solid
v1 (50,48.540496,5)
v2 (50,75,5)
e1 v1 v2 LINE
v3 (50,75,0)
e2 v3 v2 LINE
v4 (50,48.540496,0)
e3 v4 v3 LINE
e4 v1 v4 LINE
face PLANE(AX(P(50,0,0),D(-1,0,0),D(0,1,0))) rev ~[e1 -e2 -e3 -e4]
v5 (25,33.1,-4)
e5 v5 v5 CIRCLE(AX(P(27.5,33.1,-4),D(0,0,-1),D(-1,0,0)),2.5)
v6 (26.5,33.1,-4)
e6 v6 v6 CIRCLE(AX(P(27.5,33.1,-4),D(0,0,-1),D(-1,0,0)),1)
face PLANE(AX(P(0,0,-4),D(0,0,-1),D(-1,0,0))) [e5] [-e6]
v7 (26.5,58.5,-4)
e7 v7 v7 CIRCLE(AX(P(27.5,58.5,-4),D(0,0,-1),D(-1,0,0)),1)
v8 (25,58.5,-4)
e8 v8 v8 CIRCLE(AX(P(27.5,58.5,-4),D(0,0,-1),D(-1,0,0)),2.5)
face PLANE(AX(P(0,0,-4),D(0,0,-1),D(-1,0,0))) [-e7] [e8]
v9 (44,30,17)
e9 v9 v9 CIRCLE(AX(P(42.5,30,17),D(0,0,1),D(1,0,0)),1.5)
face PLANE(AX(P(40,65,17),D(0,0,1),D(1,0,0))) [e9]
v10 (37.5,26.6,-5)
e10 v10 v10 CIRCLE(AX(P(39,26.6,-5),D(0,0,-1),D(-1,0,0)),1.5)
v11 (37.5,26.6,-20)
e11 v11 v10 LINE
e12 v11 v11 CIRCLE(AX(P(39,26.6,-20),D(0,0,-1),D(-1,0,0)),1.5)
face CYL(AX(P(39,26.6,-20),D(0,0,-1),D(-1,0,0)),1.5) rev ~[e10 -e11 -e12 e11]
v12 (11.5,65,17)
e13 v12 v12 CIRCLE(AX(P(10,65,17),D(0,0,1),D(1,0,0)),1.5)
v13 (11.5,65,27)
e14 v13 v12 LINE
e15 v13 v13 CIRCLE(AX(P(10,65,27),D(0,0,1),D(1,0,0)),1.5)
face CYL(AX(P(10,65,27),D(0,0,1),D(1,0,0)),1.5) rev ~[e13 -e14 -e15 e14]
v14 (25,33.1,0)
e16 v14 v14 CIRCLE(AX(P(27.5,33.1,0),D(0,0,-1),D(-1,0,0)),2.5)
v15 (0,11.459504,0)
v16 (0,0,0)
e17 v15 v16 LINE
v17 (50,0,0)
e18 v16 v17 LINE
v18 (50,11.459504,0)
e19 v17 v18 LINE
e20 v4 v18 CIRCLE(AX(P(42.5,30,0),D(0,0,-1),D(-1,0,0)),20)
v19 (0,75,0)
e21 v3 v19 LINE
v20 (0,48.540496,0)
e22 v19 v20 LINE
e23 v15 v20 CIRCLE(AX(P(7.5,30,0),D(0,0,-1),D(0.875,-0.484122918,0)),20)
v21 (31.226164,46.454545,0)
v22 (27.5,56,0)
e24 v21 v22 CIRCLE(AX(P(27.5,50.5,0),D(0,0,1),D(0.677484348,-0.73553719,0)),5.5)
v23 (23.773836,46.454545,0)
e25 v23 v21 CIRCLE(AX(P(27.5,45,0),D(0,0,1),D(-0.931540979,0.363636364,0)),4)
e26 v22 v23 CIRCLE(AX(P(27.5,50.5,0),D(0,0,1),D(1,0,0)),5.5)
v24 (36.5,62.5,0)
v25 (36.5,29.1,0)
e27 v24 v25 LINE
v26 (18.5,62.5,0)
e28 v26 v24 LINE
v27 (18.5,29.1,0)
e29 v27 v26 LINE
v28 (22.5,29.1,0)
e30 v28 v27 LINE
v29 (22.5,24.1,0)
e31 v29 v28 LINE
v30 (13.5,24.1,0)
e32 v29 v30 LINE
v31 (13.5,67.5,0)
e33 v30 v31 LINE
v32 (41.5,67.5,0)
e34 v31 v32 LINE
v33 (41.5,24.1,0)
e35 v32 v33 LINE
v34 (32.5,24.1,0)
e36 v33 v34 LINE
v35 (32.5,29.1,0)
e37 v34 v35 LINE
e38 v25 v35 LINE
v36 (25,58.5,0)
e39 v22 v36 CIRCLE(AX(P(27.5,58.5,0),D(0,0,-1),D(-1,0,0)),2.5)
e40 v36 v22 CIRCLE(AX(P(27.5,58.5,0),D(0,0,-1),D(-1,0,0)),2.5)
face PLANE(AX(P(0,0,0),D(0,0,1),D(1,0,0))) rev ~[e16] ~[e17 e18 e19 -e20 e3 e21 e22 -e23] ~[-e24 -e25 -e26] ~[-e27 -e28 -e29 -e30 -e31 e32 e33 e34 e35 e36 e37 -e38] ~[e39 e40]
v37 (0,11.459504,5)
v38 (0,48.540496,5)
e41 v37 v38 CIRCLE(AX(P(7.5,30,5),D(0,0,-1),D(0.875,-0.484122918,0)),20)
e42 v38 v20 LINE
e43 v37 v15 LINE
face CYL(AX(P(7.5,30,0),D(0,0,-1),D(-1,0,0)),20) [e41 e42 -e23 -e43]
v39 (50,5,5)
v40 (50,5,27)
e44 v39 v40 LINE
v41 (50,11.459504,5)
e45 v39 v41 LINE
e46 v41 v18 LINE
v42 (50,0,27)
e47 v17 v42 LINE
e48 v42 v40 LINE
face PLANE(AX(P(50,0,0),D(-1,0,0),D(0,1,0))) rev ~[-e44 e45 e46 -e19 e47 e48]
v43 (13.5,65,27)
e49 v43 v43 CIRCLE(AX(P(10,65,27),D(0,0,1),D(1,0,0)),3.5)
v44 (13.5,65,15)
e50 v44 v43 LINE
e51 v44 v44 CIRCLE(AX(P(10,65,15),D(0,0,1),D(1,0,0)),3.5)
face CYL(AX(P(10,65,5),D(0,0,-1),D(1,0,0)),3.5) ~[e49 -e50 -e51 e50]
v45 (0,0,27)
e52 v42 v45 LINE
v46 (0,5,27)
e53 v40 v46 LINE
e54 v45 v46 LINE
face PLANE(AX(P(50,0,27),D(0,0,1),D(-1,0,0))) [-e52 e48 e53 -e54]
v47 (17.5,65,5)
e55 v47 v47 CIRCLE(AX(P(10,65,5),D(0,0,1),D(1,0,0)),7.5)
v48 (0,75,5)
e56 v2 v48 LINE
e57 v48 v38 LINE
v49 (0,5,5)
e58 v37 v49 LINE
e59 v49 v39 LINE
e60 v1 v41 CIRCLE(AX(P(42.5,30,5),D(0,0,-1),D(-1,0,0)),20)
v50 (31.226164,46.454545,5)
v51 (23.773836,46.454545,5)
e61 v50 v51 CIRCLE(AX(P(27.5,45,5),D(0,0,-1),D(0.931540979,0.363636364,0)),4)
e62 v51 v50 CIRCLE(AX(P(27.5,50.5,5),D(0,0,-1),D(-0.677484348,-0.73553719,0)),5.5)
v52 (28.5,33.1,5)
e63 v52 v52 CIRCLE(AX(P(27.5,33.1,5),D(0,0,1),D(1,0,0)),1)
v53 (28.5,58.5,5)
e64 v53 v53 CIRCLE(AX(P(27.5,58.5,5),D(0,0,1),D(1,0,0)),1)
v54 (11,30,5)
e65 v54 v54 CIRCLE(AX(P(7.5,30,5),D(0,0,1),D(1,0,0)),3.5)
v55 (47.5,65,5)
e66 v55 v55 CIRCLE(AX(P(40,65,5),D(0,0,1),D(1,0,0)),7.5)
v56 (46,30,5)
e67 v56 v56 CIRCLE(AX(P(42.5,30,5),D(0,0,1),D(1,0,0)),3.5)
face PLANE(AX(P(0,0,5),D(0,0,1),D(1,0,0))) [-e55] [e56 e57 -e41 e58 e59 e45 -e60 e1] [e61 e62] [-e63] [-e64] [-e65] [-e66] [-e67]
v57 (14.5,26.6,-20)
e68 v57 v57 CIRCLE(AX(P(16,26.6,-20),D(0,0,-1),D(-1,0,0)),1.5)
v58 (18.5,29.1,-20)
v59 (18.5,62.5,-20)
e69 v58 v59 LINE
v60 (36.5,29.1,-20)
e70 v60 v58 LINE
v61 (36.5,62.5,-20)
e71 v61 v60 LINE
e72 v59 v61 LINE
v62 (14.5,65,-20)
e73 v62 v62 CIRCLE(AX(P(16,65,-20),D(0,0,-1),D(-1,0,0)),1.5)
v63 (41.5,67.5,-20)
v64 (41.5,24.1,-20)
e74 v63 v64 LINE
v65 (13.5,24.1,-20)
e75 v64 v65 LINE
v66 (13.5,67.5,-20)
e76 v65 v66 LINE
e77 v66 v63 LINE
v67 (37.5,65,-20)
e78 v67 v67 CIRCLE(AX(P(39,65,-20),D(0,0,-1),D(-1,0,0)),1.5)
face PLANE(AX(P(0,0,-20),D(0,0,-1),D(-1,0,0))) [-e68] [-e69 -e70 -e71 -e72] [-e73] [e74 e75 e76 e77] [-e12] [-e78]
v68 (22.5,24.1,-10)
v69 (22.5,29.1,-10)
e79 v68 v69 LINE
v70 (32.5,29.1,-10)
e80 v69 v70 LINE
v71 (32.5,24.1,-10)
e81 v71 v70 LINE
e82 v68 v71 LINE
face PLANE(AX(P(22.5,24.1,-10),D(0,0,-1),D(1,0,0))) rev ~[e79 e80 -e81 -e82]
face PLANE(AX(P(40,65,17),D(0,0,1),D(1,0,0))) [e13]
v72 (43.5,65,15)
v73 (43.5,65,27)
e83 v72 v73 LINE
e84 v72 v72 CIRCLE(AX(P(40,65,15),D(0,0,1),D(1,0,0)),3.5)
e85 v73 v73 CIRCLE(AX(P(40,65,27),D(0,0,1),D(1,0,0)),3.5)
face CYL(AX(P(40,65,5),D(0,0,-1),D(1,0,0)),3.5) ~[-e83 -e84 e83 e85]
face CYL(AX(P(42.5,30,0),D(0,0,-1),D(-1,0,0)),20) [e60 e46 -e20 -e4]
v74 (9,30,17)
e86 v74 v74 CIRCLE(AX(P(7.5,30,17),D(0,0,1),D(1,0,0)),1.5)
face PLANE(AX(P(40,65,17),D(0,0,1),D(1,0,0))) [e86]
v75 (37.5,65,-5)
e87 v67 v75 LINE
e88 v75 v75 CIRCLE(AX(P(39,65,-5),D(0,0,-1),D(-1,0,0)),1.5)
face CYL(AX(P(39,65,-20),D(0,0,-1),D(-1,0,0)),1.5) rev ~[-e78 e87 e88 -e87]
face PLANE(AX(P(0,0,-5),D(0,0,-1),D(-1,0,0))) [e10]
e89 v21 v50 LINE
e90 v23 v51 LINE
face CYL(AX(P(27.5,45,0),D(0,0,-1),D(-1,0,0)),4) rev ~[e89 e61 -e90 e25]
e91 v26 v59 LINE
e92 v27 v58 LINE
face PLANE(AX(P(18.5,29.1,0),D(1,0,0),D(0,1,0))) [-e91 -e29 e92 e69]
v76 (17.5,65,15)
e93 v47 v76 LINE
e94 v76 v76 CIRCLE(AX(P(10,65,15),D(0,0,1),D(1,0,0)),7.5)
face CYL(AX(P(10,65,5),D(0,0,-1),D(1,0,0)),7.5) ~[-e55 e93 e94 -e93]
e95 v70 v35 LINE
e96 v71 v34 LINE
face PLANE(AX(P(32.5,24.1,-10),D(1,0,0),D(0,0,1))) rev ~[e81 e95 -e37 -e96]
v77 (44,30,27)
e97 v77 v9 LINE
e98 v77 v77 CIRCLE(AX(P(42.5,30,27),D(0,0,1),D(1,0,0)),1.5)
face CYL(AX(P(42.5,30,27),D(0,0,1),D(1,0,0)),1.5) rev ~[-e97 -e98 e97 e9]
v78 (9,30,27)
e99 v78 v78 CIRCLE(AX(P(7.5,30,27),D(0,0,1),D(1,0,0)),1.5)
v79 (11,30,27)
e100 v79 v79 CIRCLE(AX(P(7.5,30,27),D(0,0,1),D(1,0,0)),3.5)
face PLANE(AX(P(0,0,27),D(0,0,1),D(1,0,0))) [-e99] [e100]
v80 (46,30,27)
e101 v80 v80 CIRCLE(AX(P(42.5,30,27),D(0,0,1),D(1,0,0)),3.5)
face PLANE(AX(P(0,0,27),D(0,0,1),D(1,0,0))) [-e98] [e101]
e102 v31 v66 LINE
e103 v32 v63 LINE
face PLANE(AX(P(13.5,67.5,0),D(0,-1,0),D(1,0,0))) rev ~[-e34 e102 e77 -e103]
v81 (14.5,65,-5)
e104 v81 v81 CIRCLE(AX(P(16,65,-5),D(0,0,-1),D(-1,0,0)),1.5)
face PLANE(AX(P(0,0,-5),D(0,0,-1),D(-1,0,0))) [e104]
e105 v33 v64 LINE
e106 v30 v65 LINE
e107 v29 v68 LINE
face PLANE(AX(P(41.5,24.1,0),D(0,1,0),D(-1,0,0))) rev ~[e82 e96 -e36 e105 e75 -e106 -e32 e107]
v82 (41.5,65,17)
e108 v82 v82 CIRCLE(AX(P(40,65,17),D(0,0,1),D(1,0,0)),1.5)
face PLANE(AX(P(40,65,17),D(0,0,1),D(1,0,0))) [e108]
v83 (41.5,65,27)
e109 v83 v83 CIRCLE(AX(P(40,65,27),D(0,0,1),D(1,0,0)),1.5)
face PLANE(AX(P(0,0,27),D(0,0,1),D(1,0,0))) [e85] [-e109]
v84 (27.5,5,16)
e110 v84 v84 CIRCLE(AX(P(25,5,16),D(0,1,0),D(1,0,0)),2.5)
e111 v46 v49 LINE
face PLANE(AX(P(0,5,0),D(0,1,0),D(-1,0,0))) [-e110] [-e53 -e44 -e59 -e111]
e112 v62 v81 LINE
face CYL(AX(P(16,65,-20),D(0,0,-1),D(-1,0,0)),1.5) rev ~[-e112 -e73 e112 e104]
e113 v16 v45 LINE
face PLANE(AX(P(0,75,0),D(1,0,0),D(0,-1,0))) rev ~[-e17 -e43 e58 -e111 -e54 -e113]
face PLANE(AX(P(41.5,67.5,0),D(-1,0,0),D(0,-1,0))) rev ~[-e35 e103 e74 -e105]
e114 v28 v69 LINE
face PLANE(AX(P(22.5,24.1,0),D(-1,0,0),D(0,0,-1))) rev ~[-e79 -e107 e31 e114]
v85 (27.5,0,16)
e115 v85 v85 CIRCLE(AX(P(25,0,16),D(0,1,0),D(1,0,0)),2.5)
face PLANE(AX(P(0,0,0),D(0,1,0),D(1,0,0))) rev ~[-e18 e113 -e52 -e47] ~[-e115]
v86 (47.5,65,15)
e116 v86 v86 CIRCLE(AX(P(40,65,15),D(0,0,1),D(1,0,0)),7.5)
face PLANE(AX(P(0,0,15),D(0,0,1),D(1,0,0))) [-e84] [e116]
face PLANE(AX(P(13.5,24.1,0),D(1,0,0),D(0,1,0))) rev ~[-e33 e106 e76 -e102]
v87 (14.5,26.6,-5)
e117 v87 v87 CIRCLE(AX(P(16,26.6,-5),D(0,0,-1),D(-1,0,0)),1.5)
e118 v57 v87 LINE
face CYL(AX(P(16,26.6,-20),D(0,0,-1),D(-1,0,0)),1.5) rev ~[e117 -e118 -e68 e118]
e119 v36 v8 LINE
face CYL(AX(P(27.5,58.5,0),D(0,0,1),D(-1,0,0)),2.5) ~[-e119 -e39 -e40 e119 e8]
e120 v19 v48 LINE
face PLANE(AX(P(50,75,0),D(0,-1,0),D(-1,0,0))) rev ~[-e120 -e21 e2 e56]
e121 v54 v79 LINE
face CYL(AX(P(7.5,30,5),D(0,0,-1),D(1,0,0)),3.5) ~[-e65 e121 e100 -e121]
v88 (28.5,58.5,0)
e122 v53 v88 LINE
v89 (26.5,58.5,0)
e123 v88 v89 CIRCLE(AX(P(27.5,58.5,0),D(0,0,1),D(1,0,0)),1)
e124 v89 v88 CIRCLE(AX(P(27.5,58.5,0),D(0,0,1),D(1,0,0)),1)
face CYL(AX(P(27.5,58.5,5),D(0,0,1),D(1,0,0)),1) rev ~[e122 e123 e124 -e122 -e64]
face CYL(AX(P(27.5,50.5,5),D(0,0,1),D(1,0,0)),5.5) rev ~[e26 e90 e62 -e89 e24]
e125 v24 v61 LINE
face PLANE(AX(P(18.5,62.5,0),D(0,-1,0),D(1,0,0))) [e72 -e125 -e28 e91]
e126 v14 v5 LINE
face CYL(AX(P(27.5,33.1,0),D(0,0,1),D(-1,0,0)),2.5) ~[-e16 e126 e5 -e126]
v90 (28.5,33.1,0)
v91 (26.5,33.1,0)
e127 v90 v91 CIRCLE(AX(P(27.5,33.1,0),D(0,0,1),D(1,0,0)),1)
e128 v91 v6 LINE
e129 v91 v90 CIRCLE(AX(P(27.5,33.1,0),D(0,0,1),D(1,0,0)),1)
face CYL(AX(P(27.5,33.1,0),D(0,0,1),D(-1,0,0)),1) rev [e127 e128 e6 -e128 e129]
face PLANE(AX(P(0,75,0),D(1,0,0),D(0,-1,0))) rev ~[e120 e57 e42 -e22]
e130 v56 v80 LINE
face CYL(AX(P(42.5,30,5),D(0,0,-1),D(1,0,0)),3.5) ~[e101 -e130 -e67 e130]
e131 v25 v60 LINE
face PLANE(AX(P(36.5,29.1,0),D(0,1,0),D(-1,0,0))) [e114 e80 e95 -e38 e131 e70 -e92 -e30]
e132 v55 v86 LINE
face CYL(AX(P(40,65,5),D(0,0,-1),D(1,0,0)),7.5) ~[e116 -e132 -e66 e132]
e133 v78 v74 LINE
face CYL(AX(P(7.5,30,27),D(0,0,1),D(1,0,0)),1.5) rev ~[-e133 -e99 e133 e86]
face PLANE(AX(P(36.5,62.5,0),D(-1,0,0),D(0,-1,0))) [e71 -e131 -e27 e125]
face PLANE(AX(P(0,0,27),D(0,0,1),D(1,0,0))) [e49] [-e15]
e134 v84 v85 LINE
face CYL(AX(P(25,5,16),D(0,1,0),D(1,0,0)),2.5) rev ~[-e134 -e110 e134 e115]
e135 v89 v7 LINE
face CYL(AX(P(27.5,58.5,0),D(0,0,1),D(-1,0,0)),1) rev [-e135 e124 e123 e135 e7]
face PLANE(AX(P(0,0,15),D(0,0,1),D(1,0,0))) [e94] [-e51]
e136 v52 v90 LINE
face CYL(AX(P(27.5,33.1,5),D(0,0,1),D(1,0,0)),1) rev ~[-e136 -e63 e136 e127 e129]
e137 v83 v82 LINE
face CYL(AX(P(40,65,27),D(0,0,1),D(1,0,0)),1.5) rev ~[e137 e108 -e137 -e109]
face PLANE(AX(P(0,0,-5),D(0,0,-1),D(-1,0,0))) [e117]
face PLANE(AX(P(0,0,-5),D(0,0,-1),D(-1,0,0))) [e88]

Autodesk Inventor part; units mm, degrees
ref_plane "YZ Plane" through (0, 0, 0) normal (1, 0, 0) x (0, 1, 0)
ref_plane "XZ Plane" through (0, 0, 0) normal (0, 1, 0) x (-1, 0, 0)
ref_plane "XY Plane" through (0, 0, 0) normal (0, 0, 1) x (1, 0, 0)
sketch "Sketch1" plane through (0, 0, 0) normal (0, 0, 1) x (1, 0, 0)
  line L0 (0, 0) -> (50, 0)
  line L1 (50, 0) -> (50, 75)
  line L2 (50, 75) -> (0, 75)
  line L3 (0, 75) -> (0, 0)
  dimension "d0" = 50
  dimension "d1" = 75
extrude "Extrusion1" add sketch "Sketch1" along normal blind 5
sketch "Sketch2" plane through (0, 0, 0) normal (0, 1, 0) x (-1, 0, 0)
  line L0 (0, 5) -> (-50, 5) projected
  line L1 (0, 5) -> (-50, 5)
  line L2 (-50, 5) -> (-50, 27)
  line L3 (-50, 27) -> (0, 27)
  line L4 (0, 27) -> (0, 5)
  point P0 (0, 0)
  dimension "d4" = 22
extrude "Extrusion2" add sketch "Sketch2" along normal blind 5
sketch "Sketch3" plane through (0, 0, 5) normal (0, 0, 1) x (1, 0, 0)
  circle A0 centre (42.5, 30) radius 3.5
  circle A1 centre (40, 65) radius 3.5
  circle A2 centre (10, 65) radius 3.5
  circle A3 centre (7.5, 30) radius 3.5
  line L0 (42.5, 30) -> (7.5, 30) construction
  line L1 (50, 75) -> (0, 75) construction
  line L2 (25, 75) -> (25, 30) construction
  line L3 (10, 65) -> (40, 65) construction
  point P0 (0, 0)
  point P1 (25, 65)
  dimension "d7" = 7
  dimension "d8" = 7
  dimension "d9" = 7
  dimension "d10" = 7
  dimension "d12" = 30
  dimension "d14" = 10
  dimension "d30" = 35
  dimension "d32" = 35
extrude "Extrusion3" add sketch "Sketch3" along normal blind 22
sketch "Sketch4" plane through (40, 65, 27) normal (0, 0, 1) x (1, 0, 0)
  circle A0 centre (-30, 0) radius 3.5 projected
  circle A1 centre (0, 0) radius 3.5 projected
  circle A2 centre (2.5, -35) radius 3.5 projected
  circle A3 centre (-32.5, -35) radius 3.5 projected
  circle A4 centre (-30, 0) radius 1.5
  circle A5 centre (0, 0) radius 1.5
  circle A6 centre (2.5, -35) radius 1.5
  circle A7 centre (-32.5, -35) radius 1.5
  point P0 (-40, -65)
  dimension "d17" = 3
  dimension "d18" = 3
  dimension "d19" = 3
  dimension "d20" = 3
extrude "Extrusion4" cut sketch "Sketch4" against normal blind 10 contours A4 | A5 | A6 | A7
sketch "Sketch5" plane through (0, 5, 0) normal (0, 1, 0) x (1, 0, 0)
  circle A0 centre (25, -16) radius 2.5
  line L0 (0, -5) -> (50, -5) projected
  line L1 (0, -5) -> (0, -27) projected
  line L2 (0, -27) -> (50, -27) projected
  line L3 (50, -27) -> (50, -5) projected
  point P0 (0, 0)
  point P1 (0, -16)
  point P2 (25, -27)
  dimension "d23" = 5
extrude "Extrusion5" cut sketch "Sketch5" against normal through all contours A0
sketch "Sketch6" plane through (0, 0, 5) normal (0, 0, 1) x (1, 0, 0)
  circle A0 centre (10, 65) radius 3.5 projected
  circle A1 centre (40, 65) radius 3.5 projected
  circle A2 centre (10, 65) radius 1.5 projected
  circle A3 centre (10, 65) radius 7.5
  circle A4 centre (40, 65) radius 7.5
  point P0 (0, 0)
  dimension "d26" = 15
  dimension "d27" = 15
extrude "Extrusion6" add sketch "Sketch6" along normal blind 10 contours A3 | A4
sketch "Sketch8" plane through (0, 0, 0) normal (0, 0, -1) x (-1, 0, 0)
  circle A0 centre (-42.5, 30) radius 1.5 projected
  circle A1 centre (-42.5, 30) radius 20
  circle A2 centre (-7.5, 30) radius 3.5 projected
  circle A3 centre (-7.5, 30) radius 20
  point P0 (0, 0)
  dimension "d33" = 40
  dimension "d34" = 40
extrude "Extrusion7" add sketch "Sketch8" against normal blind 5 contours A1 A3 | A1 A3 | A3 A1 | A2
sketch "Sketch9" plane through (0, 0, 5) normal (0, 0, 1) x (1, 0, 0)
  circle A0 centre (27.5, 50.5) radius 5.5
  line L0 (50, 75) -> (0, 75) projected
  line L1 (50, 75) -> (0, 75) construction
  line L2 (25, 75) -> (25, 35.564) construction
  point P0 (0, 0)
  dimension "d37" = 11
  dimension "d38" = 24.5
  dimension "d39" = 2.5
extrude "Extrusion8" cut sketch "Sketch9" against normal through all
sketch "Sketch10" plane through (0, 0, 5) normal (0, 0, 1) x (1, 0, 0)
  circle A0 centre (27.5, 58.5) radius 1
  circle A1 centre (27.5, 33.1) radius 1
  line L0 (27.5, 58.5) -> (27.5, 33.1) construction
  circle A2 centre (27.5, 50.5) radius 5.5 projected
  point P0 (0, 0)
  dimension "d42" = 2
  dimension "d43" = 2
  dimension "d44" = 25.4
  dimension "d45" = 8
extrude "Extrusion9" cut sketch "Sketch10" against normal through all contours A0 | A1
sketch "Sketch11" plane through (0, 0, 0) normal (0, 0, -1) x (-1, 0, 0)
  circle A0 centre (-27.5, 58.5) radius 1 projected
  circle A1 centre (-27.5, 33.1) radius 1 projected
  circle A2 centre (-27.5, 58.5) radius 2.5
  circle A3 centre (-27.5, 33.1) radius 2.5
  point P0 (0, 0)
  dimension "d48" = 1.5
  dimension "d49" = 1.5
extrude "Extrusion10" add sketch "Sketch11" along normal blind 4
sketch "Sketch12" plane through (0, 0, 0) normal (0, 0, -1) x (-1, 0, 0)
  line L0 (-36.5, 29.1) -> (-18.5, 29.1)
  line L1 (-18.5, 29.1) -> (-18.5, 62.5)
  line L2 (-18.5, 62.5) -> (-36.5, 62.5)
  line L3 (-36.5, 62.5) -> (-36.5, 29.1)
  circle A0 centre (-27.5, 50.5) radius 5.5 projected
  line L4 (-50, 75) -> (0, 75) projected
  line L5 (-41.5, 24.1) -> (-13.5, 24.1)
  line L6 (-13.5, 24.1) -> (-13.5, 67.5)
  line L7 (-13.5, 67.5) -> (-41.5, 67.5)
  line L8 (-41.5, 67.5) -> (-41.5, 24.1)
  circle A1 centre (-27.5, 58.5) radius 1 projected
  circle A2 centre (-27.5, 33.1) radius 1 projected
  point P0 (0, 0)
  point P1 (-26.1358, 55.8281)
  point P2 (-28.8642, 55.8281)
  point P3 (-27.5, 62.5)
  dimension "d52" = 18
  dimension "d55" = 5
  dimension "d58" = 4
  dimension "d59" = 4
extrude "Extrusion11" add sketch "Sketch12" along normal blind 20 contours L8 L7 L6 L5
sketch "Sketch13" plane through (0, 0, -20) normal (0, 0, -1) x (-1, 0, 0)
  line L0 (-36.5, 29.1) -> (-36.5, 62.5) construction
  line L1 (-36.5, 62.5) -> (-18.5, 62.5) construction
  line L2 (-18.5, 62.5) -> (-18.5, 29.1) construction
  line L3 (-18.5, 29.1) -> (-36.5, 29.1) construction
  line L4 (-41.5, 24.1) -> (-13.5, 24.1) construction
  line L5 (-13.5, 24.1) -> (-13.5, 67.5) construction
  line L6 (-13.5, 67.5) -> (-41.5, 67.5) construction
  line L7 (-41.5, 67.5) -> (-41.5, 24.1) construction
  line L8 (-39, 65) -> (-16, 65) construction
  line L9 (-16, 65) -> (-16, 26.6) construction
  line L10 (-16, 26.6) -> (-39, 26.6) construction
  line L11 (-39, 26.6) -> (-39, 65) construction
  circle A0 centre (-39, 65) radius 1.5
  circle A1 centre (-16, 65) radius 1.5
  circle A2 centre (-16, 26.6) radius 1.5
  circle A3 centre (-39, 26.6) radius 1.5
  point P0 (0, 0)
  dimension "d60" = 2.5
  dimension "d61" = 3
  dimension "d62" = 3
  dimension "d63" = 3
  dimension "d64" = 3
extrude "Extrusion12" cut sketch "Sketch13" against normal blind 15
sketch "Sketch14" plane through (13.5, 24.1, 0) normal (0, -1, 0) x (1, 0, 0)
  line L0 (28, 0) -> (0, 0) projected
  line L1 (19, 0) -> (9, 0)
  line L2 (9, 0) -> (9, -10)
  line L3 (9, -10) -> (19, -10)
  line L4 (19, -10) -> (19, 0)
  line L5 (0, 0) -> (28, 0) projected
  point P0 (-13.5, 0)
  point P1 (14, 0)
  dimension "d67" = 10
  dimension "d68" = 10
extrude "Extrusion13" cut sketch "Sketch14" against normal blind 5
sketch "Sketch15" plane through (0, 0, 0) normal (0, 0, -1) x (-1, 0, 0)
  circle A0 centre (-27.5, 50.5) radius 5.5 projected
  circle A1 centre (-27.5, 45) radius 4
  point P0 (0, 0)
  dimension "d71" = 8
extrude "Extrusion14" cut sketch "Sketch15" against normal through all contours A1 A0 | A0 A1 picked at (-26.7332, 46.3513) picked at (-26.5311, 43.8278)
equation "\"d49\" = d48"
properties part number "GA001" material "ABS Plastic"
